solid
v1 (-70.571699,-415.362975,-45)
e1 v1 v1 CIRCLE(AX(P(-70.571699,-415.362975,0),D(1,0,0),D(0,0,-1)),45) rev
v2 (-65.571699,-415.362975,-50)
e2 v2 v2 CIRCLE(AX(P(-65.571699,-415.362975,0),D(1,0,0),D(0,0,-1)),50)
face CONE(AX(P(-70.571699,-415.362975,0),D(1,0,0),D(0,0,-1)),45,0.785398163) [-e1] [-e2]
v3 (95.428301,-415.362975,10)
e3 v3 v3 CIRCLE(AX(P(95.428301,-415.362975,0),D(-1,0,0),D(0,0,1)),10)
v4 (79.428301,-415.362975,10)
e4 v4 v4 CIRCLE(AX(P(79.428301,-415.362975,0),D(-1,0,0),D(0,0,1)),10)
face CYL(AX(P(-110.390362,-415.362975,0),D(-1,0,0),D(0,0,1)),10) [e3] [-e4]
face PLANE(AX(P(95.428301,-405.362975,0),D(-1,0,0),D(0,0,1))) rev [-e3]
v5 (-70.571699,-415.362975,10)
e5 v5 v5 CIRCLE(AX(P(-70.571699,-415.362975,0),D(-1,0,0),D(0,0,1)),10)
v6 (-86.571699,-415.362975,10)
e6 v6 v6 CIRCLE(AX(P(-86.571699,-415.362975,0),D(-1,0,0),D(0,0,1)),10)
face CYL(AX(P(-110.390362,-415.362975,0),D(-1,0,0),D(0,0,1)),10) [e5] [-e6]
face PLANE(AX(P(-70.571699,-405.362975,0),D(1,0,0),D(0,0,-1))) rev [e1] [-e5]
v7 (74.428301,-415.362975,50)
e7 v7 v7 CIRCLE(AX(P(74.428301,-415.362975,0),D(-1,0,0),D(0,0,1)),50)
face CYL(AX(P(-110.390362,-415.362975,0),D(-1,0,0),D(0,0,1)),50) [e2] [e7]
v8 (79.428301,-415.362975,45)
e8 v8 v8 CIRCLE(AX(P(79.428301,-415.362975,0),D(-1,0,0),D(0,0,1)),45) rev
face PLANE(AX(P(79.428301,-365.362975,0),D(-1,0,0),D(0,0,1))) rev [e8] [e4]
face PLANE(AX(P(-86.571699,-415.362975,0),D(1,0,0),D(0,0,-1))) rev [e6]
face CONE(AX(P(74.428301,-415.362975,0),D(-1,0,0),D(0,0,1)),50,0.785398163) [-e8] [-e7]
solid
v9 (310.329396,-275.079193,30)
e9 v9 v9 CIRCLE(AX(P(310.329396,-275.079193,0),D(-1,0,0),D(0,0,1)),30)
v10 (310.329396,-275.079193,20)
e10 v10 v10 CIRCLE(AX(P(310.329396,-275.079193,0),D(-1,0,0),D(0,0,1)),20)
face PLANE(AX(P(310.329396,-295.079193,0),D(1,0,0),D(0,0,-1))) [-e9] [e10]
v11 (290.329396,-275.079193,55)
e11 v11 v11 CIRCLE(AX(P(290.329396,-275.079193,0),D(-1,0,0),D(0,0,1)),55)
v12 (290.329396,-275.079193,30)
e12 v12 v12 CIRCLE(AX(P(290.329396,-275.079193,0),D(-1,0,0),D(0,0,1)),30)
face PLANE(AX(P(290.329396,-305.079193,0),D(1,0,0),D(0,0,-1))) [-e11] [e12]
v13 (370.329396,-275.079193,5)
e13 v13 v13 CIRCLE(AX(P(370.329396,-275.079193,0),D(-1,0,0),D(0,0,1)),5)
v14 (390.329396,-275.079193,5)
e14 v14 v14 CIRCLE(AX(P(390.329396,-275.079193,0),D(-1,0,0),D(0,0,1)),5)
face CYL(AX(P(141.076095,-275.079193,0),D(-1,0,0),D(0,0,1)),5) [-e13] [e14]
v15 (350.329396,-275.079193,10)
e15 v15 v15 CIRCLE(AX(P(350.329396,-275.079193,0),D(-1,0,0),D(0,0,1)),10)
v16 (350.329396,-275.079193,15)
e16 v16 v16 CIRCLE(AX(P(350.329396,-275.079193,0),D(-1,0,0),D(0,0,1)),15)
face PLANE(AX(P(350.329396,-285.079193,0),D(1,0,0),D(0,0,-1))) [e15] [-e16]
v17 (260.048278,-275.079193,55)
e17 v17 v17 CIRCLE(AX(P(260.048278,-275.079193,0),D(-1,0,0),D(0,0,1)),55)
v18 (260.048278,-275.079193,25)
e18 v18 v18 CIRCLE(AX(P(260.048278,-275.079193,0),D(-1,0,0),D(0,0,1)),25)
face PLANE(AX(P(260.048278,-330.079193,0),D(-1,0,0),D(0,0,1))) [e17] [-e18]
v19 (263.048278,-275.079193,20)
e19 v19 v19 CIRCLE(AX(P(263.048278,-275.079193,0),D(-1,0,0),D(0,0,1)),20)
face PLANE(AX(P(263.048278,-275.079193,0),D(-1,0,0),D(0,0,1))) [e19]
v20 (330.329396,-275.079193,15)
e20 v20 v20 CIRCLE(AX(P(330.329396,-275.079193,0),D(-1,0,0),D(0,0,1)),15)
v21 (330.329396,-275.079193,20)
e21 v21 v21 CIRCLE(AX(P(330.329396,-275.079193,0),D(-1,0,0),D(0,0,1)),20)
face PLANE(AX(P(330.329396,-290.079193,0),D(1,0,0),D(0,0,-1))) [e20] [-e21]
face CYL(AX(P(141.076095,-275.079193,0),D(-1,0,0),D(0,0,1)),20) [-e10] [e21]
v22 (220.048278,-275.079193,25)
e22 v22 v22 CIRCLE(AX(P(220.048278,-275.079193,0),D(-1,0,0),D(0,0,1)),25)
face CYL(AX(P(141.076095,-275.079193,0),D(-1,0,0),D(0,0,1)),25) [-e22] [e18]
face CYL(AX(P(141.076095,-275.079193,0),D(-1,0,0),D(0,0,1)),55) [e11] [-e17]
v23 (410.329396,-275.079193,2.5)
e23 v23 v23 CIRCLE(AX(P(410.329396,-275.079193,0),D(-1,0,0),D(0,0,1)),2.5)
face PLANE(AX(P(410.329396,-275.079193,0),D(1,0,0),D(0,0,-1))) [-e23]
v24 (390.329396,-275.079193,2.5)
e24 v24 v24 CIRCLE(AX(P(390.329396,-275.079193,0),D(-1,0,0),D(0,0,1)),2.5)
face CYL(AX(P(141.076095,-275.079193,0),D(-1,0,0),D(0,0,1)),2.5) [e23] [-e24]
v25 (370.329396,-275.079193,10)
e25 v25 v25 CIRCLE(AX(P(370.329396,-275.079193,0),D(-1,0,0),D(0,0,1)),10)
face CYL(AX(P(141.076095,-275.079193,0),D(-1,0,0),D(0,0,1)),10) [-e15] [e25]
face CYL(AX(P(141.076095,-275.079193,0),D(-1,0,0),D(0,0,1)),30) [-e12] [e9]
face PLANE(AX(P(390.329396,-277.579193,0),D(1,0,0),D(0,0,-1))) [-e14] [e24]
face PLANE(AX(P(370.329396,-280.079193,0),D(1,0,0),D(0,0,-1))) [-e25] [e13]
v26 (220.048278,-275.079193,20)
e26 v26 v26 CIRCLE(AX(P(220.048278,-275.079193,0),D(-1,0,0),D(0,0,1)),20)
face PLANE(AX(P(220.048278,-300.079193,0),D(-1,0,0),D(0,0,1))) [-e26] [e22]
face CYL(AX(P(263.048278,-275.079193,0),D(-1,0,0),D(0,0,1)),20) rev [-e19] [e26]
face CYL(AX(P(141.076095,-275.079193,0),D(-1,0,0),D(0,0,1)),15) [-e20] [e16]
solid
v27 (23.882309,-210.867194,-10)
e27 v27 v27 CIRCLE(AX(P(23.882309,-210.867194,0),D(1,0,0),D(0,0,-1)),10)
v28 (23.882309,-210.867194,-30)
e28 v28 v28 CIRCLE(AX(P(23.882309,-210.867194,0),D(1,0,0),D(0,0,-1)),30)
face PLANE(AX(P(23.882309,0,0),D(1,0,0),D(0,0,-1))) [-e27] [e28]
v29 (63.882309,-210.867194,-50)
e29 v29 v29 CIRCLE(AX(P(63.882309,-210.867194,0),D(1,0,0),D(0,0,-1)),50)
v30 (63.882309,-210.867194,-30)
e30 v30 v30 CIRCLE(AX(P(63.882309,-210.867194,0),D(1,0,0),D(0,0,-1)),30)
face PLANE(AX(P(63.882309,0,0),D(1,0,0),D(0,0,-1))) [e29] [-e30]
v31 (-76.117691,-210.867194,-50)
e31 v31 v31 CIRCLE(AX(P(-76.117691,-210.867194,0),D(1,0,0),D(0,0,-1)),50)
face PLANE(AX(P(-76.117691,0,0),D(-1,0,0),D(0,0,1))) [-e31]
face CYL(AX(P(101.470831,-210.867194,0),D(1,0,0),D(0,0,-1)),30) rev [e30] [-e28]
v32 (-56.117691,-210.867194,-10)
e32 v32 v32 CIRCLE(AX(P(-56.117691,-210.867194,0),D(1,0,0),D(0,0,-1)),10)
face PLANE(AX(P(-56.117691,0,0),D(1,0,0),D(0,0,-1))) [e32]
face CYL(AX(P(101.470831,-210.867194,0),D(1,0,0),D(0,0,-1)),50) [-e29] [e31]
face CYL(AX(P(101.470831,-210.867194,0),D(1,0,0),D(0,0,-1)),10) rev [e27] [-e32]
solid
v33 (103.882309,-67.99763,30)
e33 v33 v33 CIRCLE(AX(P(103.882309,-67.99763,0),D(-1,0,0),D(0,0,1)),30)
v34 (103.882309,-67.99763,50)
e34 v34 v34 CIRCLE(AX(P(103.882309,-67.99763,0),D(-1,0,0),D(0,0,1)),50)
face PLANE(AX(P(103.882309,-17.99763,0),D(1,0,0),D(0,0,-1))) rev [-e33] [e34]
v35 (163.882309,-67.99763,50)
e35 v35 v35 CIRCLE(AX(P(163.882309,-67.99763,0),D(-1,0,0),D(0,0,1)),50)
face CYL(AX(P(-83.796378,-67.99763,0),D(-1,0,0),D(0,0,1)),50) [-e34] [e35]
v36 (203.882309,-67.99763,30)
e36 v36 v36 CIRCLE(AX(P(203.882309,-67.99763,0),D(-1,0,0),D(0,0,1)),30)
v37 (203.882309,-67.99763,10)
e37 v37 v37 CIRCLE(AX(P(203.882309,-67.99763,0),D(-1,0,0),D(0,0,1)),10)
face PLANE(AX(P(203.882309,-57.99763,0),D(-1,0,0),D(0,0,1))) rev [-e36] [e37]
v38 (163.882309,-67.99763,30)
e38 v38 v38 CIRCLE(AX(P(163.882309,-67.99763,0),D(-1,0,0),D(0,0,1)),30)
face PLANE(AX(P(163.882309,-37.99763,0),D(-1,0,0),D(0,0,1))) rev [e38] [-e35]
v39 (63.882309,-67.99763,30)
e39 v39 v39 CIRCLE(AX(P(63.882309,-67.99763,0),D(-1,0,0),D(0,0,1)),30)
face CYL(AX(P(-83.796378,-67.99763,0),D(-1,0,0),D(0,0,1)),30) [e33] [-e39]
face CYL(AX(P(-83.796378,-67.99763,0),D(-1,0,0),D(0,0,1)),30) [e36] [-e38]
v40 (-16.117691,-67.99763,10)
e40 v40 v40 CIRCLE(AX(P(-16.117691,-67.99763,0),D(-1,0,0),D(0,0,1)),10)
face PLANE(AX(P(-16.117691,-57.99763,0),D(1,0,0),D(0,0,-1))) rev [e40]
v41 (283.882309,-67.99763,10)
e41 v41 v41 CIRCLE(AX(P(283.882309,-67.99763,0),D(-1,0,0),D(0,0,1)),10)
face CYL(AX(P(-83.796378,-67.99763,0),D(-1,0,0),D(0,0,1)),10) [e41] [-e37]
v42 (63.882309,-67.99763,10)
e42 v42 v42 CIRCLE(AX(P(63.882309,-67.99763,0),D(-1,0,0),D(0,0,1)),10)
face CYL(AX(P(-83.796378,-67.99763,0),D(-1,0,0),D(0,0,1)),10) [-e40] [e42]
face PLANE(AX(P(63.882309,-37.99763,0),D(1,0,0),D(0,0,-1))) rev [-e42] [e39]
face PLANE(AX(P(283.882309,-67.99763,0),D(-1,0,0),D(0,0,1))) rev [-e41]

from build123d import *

# Parameters (mm, degrees)
CROQUIS5_R            = 20
CORTAR_EXTRUIR1_DEPTH = 43
CHAFL_N1_SIZE         = 5
CHAFL_N2_SIZE         = 5


with BuildPart() as part:
    # Croquis2 → Revoluci_n2 (revolve)
    with BuildSketch(Plane.XY):
        Polygon((-16.117690813, -67.997629677), (283.882309187, -67.997629677), (283.882309187, -57.997629677), (203.882309187, -57.997629677), (203.882309187, -37.997629677), (163.882309187, -37.997629677), (163.882309187, -17.997629677), (103.882309187, -17.997629677), (103.882309187, -37.997629677), (63.882309187, -37.997629677), (63.882309187, -57.997629677), (-16.117690813, -57.997629677), align=None)
    revolve(axis=Axis((-83.796377596, -67.997629677, 0), (1, 0, 0)))


with BuildPart() as body_2:
    # Croquis2_13 → Revoluci_n4 (revolve)
    with BuildSketch(Plane.XY):
        Polygon((-56.117690813, -220.867194058), (-56.117690813, -210.867194058), (-76.117690813, -210.867194058), (-76.117690813, -260.867194058), (63.882309187, -260.867194058), (63.882309187, -240.867194058), (23.882309187, -240.867194058), (23.882309187, -220.867194058), align=None)
    revolve(axis=Axis((101.470830931, -210.867194058, 0), (-1, 0, 0)))


with BuildPart() as body_3:
    # Croquis3 → Revoluci_n5 (revolve)
    with BuildSketch(Plane.XY):
        Polygon((410.329396223, -275.079193053), (410.329396223, -277.579193053), (390.329396223, -277.579193053), (390.329396223, -280.079193053), (370.329396223, -280.079193053), (370.329396223, -285.079193053), (350.329396223, -285.079193053), (350.329396223, -290.079193053), (330.329396223, -290.079193053), (330.329396223, -295.079193053), (310.329396223, -295.079193053), (310.329396223, -305.079193053), (290.329396223, -305.079193053), (290.329396223, -330.079193053), (260.048278244, -330.079193053), (260.048278244, -300.079193053), (220.048278244, -300.079193053), (220.048278244, -275.079193053), align=None)
    revolve(axis=Axis((141.076094876, -275.079193053, 0), (1, 0, 0)))

    # Croquis5 → Cortar-Extruir1 (cut)
    with BuildSketch(Plane.ZY.offset(-220.048278244)):
        with Locations((0, -275.079193053)):
            Circle(CROQUIS5_R)
    extrude(amount=-CORTAR_EXTRUIR1_DEPTH, mode=Mode.SUBTRACT)


with BuildPart() as body_4:
    # Croquis6 → Revoluci_n6 (revolve)
    with BuildSketch(Plane.XY):
        Polygon((-86.571698606, -415.362975234), (-86.571698606, -405.362975234), (-70.571698606, -405.362975234), (-70.571698606, -365.362975234), (79.428301394, -365.362975234), (79.428301394, -405.362975234), (95.428301394, -405.362975234), (95.428301394, -415.362975234), align=None)
    revolve(axis=Axis((-110.390362139, -415.362975234, 0), (1, 0, 0)))

    # Chafl_n1
    chafl_n1_edges = [body_4.edges().sort_by_distance(p)[0] for p in [
        (-70.571698606, -465.362975234, 0),
    ]]
    chamfer(chafl_n1_edges, length=CHAFL_N1_SIZE)

    # Chafl_n2
    chafl_n2_edges = [body_4.edges().sort_by_distance(p)[0] for p in [
        (79.428301394, -465.362975234, 0),
    ]]
    chamfer(chafl_n2_edges, length=CHAFL_N2_SIZE)


solid = Compound([part.part, body_2.part, body_3.part, body_4.part])
